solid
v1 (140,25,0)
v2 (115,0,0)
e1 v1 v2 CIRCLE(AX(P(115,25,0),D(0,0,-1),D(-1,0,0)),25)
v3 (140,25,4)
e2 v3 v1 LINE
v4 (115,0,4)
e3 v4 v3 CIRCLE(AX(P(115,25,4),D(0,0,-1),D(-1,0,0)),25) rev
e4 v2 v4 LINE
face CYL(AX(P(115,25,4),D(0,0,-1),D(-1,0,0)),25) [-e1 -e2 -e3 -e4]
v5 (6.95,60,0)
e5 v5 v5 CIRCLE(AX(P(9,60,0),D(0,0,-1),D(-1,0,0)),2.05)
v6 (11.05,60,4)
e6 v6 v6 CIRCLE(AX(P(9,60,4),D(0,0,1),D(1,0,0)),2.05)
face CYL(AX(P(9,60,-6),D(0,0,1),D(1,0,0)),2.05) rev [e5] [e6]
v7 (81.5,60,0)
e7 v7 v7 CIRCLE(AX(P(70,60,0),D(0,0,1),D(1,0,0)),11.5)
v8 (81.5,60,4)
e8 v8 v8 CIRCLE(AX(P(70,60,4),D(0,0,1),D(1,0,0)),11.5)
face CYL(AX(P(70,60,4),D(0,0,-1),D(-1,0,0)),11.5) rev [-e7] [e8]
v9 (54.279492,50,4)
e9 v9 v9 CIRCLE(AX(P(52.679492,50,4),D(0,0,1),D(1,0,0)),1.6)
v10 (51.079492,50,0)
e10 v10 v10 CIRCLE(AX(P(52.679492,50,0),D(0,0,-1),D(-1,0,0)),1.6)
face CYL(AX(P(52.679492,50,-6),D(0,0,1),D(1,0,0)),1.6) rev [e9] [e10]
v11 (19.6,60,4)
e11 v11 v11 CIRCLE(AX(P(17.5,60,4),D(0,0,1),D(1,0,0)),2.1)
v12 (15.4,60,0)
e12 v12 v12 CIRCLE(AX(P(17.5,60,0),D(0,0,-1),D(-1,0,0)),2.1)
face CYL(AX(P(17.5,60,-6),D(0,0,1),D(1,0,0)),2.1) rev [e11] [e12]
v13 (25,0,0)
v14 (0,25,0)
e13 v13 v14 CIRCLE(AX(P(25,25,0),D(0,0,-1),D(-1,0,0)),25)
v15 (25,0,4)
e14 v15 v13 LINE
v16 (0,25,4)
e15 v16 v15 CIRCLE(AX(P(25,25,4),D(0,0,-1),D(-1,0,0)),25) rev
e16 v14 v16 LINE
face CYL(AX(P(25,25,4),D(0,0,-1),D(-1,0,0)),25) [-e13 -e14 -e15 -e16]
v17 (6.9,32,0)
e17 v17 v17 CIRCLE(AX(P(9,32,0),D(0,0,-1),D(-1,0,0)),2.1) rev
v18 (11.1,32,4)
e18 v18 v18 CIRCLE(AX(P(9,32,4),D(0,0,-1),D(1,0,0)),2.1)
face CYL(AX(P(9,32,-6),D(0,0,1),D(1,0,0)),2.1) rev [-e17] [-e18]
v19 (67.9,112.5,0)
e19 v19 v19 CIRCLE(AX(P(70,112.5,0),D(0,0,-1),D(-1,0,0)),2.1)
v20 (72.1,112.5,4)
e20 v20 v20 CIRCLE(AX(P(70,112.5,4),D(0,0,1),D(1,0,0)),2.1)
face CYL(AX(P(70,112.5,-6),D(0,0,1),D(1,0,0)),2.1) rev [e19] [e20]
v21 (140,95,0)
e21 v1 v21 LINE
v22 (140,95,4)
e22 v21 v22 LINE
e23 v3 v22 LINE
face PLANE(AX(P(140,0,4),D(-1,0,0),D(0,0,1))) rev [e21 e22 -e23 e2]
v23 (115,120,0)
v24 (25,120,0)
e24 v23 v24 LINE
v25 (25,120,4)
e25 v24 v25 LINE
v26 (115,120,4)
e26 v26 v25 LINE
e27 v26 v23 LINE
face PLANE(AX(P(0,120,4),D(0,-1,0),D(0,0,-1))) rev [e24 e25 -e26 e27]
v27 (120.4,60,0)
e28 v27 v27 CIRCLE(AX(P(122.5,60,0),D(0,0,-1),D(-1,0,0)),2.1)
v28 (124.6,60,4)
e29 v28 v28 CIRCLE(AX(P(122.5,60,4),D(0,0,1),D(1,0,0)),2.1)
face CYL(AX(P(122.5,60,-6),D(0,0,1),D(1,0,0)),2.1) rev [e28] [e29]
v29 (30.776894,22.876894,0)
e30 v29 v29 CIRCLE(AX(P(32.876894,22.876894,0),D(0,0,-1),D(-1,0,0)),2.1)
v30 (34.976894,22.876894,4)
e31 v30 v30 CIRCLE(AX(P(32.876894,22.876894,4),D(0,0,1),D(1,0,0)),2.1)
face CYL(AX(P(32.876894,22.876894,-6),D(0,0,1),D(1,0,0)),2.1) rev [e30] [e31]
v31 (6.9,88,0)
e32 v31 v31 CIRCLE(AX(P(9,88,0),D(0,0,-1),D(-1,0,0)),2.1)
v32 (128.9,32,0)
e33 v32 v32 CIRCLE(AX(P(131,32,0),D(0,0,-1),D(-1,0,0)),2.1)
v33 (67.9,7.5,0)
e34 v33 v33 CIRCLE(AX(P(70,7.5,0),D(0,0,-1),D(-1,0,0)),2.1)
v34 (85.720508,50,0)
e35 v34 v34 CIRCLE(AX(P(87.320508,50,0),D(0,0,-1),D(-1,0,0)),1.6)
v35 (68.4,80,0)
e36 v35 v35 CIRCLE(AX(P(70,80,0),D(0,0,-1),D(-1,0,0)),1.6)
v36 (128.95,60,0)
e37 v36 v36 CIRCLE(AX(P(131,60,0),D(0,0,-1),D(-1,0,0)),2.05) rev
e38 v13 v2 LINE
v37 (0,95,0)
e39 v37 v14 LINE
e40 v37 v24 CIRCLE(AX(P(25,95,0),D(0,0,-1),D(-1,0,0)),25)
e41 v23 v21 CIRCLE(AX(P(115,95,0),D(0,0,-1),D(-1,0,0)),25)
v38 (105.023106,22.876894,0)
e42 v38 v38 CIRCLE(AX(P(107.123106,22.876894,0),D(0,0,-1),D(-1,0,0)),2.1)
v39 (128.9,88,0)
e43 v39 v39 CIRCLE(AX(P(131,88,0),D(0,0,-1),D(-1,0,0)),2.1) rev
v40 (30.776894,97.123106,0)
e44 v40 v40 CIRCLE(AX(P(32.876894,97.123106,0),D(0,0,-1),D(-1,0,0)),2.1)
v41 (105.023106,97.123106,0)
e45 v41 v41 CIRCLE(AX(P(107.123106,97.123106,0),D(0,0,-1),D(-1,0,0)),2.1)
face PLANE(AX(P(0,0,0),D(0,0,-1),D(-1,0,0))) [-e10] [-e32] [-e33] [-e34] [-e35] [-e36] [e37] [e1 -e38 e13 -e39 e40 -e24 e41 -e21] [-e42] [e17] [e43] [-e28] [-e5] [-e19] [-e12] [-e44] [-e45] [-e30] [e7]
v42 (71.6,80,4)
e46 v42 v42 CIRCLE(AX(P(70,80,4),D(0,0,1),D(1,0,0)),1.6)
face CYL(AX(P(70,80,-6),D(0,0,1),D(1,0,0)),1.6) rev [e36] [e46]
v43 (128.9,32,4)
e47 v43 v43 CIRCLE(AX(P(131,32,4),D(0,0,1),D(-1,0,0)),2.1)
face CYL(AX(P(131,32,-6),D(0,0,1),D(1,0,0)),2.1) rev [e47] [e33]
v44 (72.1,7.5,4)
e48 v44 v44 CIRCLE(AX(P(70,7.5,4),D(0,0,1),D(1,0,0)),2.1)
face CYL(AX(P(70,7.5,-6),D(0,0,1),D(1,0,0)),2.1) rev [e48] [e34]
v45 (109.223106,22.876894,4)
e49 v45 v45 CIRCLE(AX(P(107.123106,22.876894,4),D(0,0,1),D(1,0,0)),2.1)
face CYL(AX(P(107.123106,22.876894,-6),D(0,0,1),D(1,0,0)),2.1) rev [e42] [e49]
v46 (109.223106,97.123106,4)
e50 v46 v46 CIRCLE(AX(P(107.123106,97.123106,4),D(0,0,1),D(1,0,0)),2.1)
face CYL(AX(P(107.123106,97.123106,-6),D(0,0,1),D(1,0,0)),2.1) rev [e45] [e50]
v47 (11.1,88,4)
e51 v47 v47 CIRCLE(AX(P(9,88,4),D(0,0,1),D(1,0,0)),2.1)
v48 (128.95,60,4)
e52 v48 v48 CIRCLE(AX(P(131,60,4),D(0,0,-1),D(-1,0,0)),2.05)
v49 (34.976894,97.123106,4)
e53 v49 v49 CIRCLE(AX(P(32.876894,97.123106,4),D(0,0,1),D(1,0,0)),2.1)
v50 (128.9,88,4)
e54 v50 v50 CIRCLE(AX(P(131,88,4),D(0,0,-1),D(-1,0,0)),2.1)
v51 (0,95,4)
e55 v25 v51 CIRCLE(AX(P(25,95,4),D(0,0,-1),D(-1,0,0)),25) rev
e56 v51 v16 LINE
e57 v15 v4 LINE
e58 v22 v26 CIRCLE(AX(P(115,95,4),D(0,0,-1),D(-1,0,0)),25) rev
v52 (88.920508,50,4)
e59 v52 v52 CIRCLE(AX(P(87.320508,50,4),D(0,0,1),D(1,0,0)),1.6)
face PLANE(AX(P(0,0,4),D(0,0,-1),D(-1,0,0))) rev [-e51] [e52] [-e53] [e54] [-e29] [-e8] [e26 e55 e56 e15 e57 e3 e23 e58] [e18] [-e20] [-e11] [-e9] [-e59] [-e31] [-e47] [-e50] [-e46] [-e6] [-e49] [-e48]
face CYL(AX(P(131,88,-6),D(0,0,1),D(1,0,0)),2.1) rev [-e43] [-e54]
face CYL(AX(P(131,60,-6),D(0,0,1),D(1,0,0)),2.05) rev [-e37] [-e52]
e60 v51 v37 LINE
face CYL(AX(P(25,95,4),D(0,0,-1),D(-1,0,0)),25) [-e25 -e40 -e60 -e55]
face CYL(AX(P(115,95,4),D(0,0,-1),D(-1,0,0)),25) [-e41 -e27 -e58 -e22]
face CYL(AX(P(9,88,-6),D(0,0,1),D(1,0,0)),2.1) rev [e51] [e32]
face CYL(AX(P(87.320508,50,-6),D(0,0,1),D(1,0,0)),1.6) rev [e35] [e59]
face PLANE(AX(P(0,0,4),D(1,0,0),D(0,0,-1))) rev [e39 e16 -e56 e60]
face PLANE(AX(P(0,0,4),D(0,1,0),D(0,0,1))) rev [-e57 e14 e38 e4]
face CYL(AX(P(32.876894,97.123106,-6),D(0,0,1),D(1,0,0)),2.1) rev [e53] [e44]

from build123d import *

# Parameters (mm, degrees)
SKETCH_1_W                 = 140
SKETCH_1_H                 = 120
SKETCH_1_R                 = 11.5
EXTRUDE_1_DEPTH            = 4
SKETCH_31_R                = 2.05
SKETCH_31_R_2              = 2.1
CUT_EXTRUDE_16_DEPTH       = 10
MIRROR_2_COPY_1_SKETCH_R   = 2.05
MIRROR_2_COPY_1_SKETCH_R_2 = 2.1
MIRROR_2_COPY_1_DEPTH      = 10
FILLET_8_R                 = 25
SKETCH_32_R                = 2.1
CUT_EXTRUDE_17_DEPTH       = 10
SKETCH_33_R                = 1.6
CUT_EXTRUDE_18_DEPTH       = 10


with BuildPart() as part:
    # 草图1 → 凸台-拉伸1 (new body)
    with BuildSketch(Plane.XY):
        with Locations((70, 60)):
            Rectangle(SKETCH_1_W, SKETCH_1_H)
        with Locations((70, 60)):
            Circle(SKETCH_1_R, mode=Mode.SUBTRACT)
    extrude(amount=EXTRUDE_1_DEPTH)

    # 草图31 → 切除-拉伸16 (cut)
    with BuildSketch(Plane.XY.offset(4)):
        with Locations((9, 60)):
            Circle(SKETCH_31_R)
        with Locations((9, 88)):
            Circle(SKETCH_31_R_2)
    cut_extrude_16 = extrude(amount=-CUT_EXTRUDE_16_DEPTH, mode=Mode.SUBTRACT)

    # 镜向1: 切除-拉伸16 across plane
    add(cut_extrude_16.mirror(Plane.ZX.offset(60)), mode=Mode.SUBTRACT)

    # 镜向2: 切除-拉伸16 across plane
    add(cut_extrude_16.mirror(Plane.ZY.offset(-70)), mode=Mode.SUBTRACT)

    # 镜向2 copy 1 sketch → 镜向2 copy 1 (cut)
    with BuildSketch(Plane(origin=(140, 120, 4), x_dir=(-1, 0, 0), z_dir=(0, 0, 1))):
        with Locations((9, 60)):
            Circle(MIRROR_2_COPY_1_SKETCH_R)
        with Locations((9, 88)):
            Circle(MIRROR_2_COPY_1_SKETCH_R_2)
    extrude(amount=-MIRROR_2_COPY_1_DEPTH, mode=Mode.SUBTRACT)

    # 圆角8
    fillet_8_edges = [part.edges().sort_by_distance(p)[0] for p in [
        (0, 120, 2),
        (140, 120, 2),
        (140, 0, 2),
        (0, 0, 2),
    ]]
    fillet(fillet_8_edges, radius=FILLET_8_R)

    # 草图32 → 切除-拉伸17 (cut)
    with BuildSketch(Plane.XY.offset(4)):
        with Locations((70, 112.5)):
            Circle(SKETCH_32_R)
        with Locations((107.123106012, 97.123106012)):
            Circle(SKETCH_32_R)
        with Locations((122.5, 60)):
            Circle(SKETCH_32_R)
        with Locations((107.123106012, 22.876893988)):
            Circle(SKETCH_32_R)
        with Locations((70, 7.5)):
            Circle(SKETCH_32_R)
        with Locations((32.876893988, 22.876893988)):
            Circle(SKETCH_32_R)
        with Locations((17.5, 60)):
            Circle(SKETCH_32_R)
        with Locations((32.876893988, 97.123106012)):
            Circle(SKETCH_32_R)
    extrude(amount=-CUT_EXTRUDE_17_DEPTH, mode=Mode.SUBTRACT)

    # 草图33 → 切除-拉伸18 (cut)
    with BuildSketch(Plane.XY.offset(4)):
        with Locations((70, 80)):
            Circle(SKETCH_33_R)
        with Locations((87.320508076, 50)):
            Circle(SKETCH_33_R)
        with Locations((52.679491924, 50)):
            Circle(SKETCH_33_R)
    extrude(amount=-CUT_EXTRUDE_18_DEPTH, mode=Mode.SUBTRACT)


solid = part.part
